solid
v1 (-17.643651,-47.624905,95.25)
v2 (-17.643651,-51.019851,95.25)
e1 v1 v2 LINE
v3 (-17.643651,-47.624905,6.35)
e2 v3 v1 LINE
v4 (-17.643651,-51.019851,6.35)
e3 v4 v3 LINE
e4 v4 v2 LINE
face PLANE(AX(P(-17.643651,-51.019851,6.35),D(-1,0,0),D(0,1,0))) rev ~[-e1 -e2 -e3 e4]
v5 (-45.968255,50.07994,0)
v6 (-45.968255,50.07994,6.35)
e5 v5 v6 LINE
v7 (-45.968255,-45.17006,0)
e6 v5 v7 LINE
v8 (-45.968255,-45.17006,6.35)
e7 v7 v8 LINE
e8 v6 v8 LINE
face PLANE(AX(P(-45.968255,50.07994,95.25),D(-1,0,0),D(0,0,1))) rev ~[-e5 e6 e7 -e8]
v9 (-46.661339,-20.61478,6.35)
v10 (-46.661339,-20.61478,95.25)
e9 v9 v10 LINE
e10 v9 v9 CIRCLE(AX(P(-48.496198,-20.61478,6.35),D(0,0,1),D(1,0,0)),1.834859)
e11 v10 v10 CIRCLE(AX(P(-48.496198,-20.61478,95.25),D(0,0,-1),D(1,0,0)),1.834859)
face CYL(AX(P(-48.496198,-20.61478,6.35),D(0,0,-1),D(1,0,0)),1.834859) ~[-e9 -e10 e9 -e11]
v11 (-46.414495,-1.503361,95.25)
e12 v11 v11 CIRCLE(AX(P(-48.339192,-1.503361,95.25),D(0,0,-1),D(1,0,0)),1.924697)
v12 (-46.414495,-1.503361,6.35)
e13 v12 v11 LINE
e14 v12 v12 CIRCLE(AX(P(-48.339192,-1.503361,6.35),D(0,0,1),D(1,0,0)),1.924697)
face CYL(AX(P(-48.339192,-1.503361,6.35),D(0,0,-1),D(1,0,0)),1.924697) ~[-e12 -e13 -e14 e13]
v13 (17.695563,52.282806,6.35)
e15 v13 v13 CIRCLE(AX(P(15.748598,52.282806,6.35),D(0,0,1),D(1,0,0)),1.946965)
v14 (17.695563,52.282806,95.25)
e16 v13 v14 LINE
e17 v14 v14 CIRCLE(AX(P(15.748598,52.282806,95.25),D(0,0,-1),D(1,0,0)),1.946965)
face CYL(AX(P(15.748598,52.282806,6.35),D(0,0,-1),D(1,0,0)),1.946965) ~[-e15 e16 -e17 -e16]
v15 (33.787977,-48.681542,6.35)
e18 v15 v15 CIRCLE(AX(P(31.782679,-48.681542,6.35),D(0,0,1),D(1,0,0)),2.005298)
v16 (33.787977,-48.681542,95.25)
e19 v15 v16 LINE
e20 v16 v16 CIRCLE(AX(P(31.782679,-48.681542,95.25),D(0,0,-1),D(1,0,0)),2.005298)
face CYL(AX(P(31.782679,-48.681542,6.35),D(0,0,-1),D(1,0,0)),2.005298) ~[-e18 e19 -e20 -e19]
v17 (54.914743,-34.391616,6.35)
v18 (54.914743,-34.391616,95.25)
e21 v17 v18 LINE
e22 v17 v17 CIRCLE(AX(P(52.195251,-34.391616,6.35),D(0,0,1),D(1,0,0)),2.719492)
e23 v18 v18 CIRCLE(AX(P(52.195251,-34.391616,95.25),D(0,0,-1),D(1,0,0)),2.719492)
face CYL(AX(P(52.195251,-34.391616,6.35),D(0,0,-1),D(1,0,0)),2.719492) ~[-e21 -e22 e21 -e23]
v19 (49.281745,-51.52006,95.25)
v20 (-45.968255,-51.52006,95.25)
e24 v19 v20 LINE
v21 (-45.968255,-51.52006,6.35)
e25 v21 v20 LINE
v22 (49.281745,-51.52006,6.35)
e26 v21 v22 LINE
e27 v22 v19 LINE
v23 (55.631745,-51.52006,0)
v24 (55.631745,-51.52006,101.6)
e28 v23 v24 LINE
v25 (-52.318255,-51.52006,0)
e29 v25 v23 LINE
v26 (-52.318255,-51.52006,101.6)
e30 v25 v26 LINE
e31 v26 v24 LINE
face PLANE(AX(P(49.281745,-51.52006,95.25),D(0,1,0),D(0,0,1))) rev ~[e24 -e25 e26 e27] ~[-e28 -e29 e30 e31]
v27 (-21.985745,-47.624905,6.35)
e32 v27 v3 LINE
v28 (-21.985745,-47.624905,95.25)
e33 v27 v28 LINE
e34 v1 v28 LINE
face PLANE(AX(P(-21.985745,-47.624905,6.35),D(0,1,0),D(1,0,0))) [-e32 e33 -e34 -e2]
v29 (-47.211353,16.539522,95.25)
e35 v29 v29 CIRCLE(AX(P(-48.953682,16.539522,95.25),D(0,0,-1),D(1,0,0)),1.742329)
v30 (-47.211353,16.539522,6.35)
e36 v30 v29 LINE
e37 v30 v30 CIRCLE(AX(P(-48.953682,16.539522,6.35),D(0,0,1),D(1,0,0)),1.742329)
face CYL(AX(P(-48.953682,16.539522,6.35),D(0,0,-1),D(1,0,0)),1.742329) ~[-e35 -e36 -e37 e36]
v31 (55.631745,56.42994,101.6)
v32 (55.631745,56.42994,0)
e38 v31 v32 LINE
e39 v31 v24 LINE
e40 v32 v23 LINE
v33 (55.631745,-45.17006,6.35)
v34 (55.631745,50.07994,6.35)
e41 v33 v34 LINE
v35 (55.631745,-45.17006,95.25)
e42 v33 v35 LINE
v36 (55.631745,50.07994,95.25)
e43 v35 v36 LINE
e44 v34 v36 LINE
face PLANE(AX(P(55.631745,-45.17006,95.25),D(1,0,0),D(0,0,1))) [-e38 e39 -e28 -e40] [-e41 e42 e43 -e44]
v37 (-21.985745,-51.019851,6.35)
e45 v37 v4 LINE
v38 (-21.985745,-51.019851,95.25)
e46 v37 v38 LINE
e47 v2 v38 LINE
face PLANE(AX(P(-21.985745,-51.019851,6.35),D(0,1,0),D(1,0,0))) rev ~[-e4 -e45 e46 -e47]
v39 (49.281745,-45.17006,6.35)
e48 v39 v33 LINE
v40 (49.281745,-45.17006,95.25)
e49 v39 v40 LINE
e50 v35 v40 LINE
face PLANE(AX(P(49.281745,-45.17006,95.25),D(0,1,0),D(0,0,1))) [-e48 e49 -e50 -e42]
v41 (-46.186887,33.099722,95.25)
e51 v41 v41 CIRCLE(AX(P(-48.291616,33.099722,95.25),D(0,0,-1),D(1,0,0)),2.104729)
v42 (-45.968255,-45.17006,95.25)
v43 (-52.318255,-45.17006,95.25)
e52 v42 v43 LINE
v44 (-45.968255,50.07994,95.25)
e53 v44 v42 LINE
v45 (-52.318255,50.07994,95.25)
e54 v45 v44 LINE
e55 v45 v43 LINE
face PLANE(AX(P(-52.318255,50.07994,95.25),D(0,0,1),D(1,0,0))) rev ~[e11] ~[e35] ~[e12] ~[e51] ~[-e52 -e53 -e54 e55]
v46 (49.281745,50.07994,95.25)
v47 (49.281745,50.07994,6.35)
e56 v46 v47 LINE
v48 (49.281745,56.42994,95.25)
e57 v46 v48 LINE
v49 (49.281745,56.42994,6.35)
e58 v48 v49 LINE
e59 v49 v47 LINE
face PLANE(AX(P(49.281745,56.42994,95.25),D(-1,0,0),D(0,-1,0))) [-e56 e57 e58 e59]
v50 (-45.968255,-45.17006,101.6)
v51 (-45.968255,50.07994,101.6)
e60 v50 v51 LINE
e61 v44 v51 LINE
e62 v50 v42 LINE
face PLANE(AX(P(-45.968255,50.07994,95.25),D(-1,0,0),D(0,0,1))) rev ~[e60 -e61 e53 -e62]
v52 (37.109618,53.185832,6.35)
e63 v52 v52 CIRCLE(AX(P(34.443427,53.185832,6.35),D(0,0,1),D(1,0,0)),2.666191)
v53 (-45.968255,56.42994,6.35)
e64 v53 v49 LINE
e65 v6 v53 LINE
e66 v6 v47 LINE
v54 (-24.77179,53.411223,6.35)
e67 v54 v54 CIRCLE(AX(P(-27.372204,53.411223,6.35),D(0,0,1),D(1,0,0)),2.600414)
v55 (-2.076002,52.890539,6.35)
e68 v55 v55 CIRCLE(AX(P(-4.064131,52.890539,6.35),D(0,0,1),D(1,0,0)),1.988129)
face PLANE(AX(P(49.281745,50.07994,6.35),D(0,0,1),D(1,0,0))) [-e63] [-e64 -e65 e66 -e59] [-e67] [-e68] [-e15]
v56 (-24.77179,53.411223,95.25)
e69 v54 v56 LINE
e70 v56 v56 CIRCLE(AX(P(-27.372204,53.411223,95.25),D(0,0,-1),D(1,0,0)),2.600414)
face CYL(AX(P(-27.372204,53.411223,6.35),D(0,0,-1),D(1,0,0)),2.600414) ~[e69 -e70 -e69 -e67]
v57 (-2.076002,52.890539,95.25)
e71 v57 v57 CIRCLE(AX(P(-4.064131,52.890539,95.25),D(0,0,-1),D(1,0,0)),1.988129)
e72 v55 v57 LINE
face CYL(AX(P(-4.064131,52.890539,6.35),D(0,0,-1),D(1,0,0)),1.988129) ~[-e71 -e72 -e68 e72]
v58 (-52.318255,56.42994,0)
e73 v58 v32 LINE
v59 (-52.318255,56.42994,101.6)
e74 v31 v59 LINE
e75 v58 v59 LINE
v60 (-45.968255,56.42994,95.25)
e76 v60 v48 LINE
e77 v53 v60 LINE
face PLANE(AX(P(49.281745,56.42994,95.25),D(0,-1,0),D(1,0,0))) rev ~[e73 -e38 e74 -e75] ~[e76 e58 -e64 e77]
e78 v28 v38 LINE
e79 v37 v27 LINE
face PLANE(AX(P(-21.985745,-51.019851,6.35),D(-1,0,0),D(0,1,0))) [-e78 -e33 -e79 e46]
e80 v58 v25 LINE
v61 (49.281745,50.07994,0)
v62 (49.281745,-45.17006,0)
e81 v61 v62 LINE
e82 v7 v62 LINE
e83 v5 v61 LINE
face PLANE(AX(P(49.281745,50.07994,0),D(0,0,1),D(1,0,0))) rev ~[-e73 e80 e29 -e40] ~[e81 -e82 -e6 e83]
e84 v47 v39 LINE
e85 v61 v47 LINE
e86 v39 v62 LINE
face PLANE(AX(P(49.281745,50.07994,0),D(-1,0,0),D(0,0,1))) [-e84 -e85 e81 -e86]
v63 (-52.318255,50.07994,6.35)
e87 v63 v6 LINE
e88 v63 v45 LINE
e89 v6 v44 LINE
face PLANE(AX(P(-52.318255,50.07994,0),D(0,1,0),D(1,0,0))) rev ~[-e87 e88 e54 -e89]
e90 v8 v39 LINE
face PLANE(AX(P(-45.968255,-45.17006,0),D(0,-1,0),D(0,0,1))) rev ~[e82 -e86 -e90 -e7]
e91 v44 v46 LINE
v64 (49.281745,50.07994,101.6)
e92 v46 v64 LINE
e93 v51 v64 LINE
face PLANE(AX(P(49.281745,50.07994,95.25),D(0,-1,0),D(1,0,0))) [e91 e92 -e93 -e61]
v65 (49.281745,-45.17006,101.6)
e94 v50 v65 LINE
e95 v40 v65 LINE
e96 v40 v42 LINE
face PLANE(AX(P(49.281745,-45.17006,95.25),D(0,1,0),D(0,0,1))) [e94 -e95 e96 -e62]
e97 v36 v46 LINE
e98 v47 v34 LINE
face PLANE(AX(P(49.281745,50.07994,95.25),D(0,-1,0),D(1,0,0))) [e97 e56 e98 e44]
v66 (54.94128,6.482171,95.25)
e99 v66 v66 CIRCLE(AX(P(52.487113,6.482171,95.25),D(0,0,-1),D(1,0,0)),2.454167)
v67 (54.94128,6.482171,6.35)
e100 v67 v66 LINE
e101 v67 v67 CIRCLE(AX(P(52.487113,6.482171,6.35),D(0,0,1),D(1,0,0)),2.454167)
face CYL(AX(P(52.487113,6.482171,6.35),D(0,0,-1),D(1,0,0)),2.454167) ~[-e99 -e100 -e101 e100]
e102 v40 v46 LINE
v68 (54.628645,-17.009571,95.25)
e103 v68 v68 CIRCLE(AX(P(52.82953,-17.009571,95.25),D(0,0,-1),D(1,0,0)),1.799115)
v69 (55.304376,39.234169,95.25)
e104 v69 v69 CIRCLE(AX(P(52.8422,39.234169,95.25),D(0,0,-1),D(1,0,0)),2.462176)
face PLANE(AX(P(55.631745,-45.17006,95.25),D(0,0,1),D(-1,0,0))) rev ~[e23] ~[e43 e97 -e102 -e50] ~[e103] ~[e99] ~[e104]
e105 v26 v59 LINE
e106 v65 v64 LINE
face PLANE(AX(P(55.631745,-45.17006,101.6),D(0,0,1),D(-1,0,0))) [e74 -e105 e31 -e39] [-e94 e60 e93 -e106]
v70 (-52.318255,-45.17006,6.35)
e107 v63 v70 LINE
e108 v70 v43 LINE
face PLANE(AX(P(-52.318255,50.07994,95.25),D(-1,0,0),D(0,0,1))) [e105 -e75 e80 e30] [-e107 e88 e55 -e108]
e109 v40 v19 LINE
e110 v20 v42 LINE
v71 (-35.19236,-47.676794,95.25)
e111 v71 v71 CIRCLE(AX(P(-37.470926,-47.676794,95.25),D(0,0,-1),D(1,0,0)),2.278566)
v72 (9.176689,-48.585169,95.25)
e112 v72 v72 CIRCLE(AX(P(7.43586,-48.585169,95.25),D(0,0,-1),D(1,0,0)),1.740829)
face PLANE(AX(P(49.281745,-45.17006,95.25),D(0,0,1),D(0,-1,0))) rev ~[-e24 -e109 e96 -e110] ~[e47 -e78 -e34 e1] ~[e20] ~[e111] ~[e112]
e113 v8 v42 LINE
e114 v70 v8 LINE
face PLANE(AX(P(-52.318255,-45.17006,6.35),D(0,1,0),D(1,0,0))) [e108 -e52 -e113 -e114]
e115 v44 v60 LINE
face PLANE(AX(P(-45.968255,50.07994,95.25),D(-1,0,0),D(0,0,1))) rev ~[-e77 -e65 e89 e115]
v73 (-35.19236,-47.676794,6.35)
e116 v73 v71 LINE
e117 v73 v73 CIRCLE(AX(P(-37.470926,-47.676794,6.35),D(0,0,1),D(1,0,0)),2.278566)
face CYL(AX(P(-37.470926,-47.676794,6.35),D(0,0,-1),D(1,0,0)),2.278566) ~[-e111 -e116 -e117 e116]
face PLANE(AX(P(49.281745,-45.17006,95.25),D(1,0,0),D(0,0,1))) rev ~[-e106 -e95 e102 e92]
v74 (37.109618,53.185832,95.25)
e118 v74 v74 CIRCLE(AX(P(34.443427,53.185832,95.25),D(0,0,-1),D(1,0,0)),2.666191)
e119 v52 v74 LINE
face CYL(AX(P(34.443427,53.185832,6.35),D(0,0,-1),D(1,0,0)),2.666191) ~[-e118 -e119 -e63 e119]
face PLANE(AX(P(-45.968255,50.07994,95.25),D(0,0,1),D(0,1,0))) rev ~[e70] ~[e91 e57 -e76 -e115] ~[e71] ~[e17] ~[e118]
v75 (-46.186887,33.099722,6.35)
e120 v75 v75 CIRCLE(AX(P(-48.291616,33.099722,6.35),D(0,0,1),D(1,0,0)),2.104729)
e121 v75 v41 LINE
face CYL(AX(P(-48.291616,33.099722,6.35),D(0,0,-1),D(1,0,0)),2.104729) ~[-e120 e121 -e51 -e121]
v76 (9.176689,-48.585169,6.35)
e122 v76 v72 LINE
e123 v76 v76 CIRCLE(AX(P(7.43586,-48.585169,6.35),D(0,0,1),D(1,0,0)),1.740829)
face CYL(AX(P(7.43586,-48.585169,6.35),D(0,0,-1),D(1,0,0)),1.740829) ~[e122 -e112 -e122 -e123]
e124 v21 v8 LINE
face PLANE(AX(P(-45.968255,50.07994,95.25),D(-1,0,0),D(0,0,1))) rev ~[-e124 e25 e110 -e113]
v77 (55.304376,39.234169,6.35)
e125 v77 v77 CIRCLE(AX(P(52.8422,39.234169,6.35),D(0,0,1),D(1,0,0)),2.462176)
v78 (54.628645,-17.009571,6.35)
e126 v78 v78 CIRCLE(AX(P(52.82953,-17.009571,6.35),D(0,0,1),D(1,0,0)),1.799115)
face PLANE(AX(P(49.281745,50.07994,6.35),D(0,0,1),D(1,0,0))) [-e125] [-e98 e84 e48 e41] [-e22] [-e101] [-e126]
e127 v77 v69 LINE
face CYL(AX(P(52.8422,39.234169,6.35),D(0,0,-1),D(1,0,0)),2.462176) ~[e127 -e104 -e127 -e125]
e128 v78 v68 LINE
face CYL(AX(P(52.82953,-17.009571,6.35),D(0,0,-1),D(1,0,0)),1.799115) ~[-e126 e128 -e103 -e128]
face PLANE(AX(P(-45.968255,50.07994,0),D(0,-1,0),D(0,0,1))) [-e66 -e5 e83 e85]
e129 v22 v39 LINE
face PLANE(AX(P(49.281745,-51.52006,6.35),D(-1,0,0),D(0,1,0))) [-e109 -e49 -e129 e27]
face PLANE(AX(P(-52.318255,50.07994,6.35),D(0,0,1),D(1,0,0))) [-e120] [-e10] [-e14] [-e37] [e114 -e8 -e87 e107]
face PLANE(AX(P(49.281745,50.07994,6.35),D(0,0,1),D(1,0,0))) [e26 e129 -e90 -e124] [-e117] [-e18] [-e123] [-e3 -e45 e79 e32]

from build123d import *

# Parameters (mm, degrees)
F0_W      = 6.35
F0_H      = 6.35
F1_DEPTH  = 101.6
F2_W      = 6.35
F2_H      = 6.35
F3_DEPTH  = 101.6
F4_W      = 6.35
F4_H      = 6.35
F5_DEPTH  = 95.25
F6_W      = 6.35
F6_H      = 6.35
F7_DEPTH  = 99.822
F8_W      = 6.35
F8_H      = 6.35
F9_DEPTH  = 101.6
F10_W     = 6.35
F10_H     = 6.35
F11_DEPTH = 101.6
F12_W     = 6.35
F12_H     = 6.35
F13_DEPTH = 97.536
F14_W     = 6.35
F14_H     = 6.35
F15_DEPTH = 95.25
F16_W     = 6.35
F16_H     = 6.35
F17_DEPTH = 96.52
F18_W     = 6.35
F18_H     = 6.35
F19_DEPTH = 101.6
F20_W     = 6.35
F20_H     = 6.35
F21_DEPTH = 92.202
F22_W     = 6.35
F22_H     = 6.35
F23_DEPTH = 97.282
F25_R     = 2.462176
F28_DEPTH = 89.916
F26_R     = 2.454167
F29_DEPTH = 91.186
F30_R     = 2.719492
F31_DEPTH = 91.186
F27_R     = 1.799115
F32_DEPTH = 92.456
F36_R     = 2.278566
F35_W     = 4.342094
F35_H     = 3.394946
F33_R     = 2.005298
F34_R     = 1.740829
F37_DEPTH = 95.25
F24_R     = 2.104729
F38_R     = 1.742329
F39_R     = 1.924697
F39_R_2   = 1.834859
F40_DEPTH = 95.25
F41_R     = 2.666191
F42_R     = 1.946965
F43_R     = 2.600414
F43_R_2   = 1.988129
F44_DEPTH = 95.25


with BuildPart() as f1:
    # F0 (on Top) → F1 (new body)
    with BuildSketch(Plane.XY):
        with Locations((-49.143255, 53.25494)):
            Rectangle(F0_W, F0_H)
    extrude(amount=F1_DEPTH)

    # F2 (on face) → F3 (join)
    with BuildSketch(Plane.XZ.offset(-50.07994)):
        with Locations((-49.143255, 3.175)):
            Rectangle(F2_W, F2_H)
    extrude(amount=F3_DEPTH)

    # F4 (on face) → F5 (join)
    with BuildSketch(Plane.XY.offset(6.35)):
        with Locations((-49.143255, -48.34506)):
            Rectangle(F4_W, F4_H)
    extrude(amount=F5_DEPTH)

    # F6 (on face) → F7 (join)
    with BuildSketch(Plane.XZ.offset(-50.07994)):
        with Locations((-49.143255, 98.425)):
            Rectangle(F6_W, F6_H)
    extrude(amount=F7_DEPTH)

    # F8 (on face) → F9 (join)
    with BuildSketch(Plane.YZ.offset(-45.968255)):
        with Locations((53.25494, 3.175)):
            Rectangle(F8_W, F8_H)
    extrude(amount=F9_DEPTH)

    # F10 (on face) → F11 (join)
    with BuildSketch(Plane.YZ.offset(-45.968255)):
        with Locations((-48.34506, 3.175)):
            Rectangle(F10_W, F10_H)
    extrude(amount=F11_DEPTH)

    # F12 (on face) → F13 (join)
    with BuildSketch(Plane.XZ.offset(-50.07994)):
        with Locations((52.456745, 3.175)):
            Rectangle(F12_W, F12_H)
    extrude(amount=F13_DEPTH)

    # F14 (on face) → F15 (join)
    with BuildSketch(Plane.XY.offset(6.35)):
        with Locations((52.456745, -48.34506)):
            Rectangle(F14_W, F14_H)
    extrude(amount=F15_DEPTH)

    # F16 (on face) → F17 (join)
    with BuildSketch(Plane(origin=(49.281745, 0, 0), x_dir=(0, -1, 0), z_dir=(-1, 0, 0))):
        with Locations((48.34506, 98.425)):
            Rectangle(F16_W, F16_H)
    extrude(amount=F17_DEPTH)

    # F18 (on face) → F19 (join)
    with BuildSketch(Plane.YZ.offset(-45.968255)):
        with Locations((53.25494, 98.425)):
            Rectangle(F18_W, F18_H)
    extrude(amount=F19_DEPTH)

    # F20 (on face) → F21 (join)
    with BuildSketch(Plane(origin=(0, 0, 95.25), x_dir=(1, 0, 0), z_dir=(0, 0, -1))):
        with Locations((52.456745, -53.25494)):
            Rectangle(F20_W, F20_H)
    extrude(amount=F21_DEPTH)

    # F22 (on face) → F23 (join)
    with BuildSketch(Plane(origin=(0, -45.17006, 0), x_dir=(-1, 0, 0), z_dir=(0, 1, 0))):
        with Locations((-52.456745, 98.425)):
            Rectangle(F22_W, F22_H)
    extrude(amount=F23_DEPTH)

    # F25 (on face) → F28 (join)
    with BuildSketch(Plane.XY.offset(6.35)):
        with Locations((52.8422, 39.234169)):
            Circle(F25_R)
    extrude(amount=F28_DEPTH)

    # F26 (on face) → F29 (join)
    with BuildSketch(Plane.XY.offset(6.35)):
        with Locations((52.487113, 6.482171)):
            Circle(F26_R)
    extrude(amount=F29_DEPTH)

    # F30 (on face) → F31 (join)
    with BuildSketch(Plane.XY.offset(6.35)):
        with Locations((52.195251, -34.391616)):
            Circle(F30_R)
    extrude(amount=F31_DEPTH)

    # F27 (on face) → F32 (join)
    with BuildSketch(Plane.XY.offset(6.35)):
        with Locations((52.82953, -17.009571)):
            Circle(F27_R)
    extrude(amount=F32_DEPTH)

    # F36 (on face) + F35 (on face) + F33 (on face) + F34 (on face) → F37 (join)
    with BuildSketch(Plane.XY.offset(6.35)):
        with Locations((-37.470926, -47.676794)):
            Circle(F36_R)
    with BuildSketch(Plane.XY.offset(6.35)):
        with Locations((-19.814698, -49.322378)):
            Rectangle(F35_W, F35_H)
    with BuildSketch(Plane.XY.offset(6.35)):
        with Locations((31.782679, -48.681542)):
            Circle(F33_R)
    with BuildSketch(Plane.XY.offset(6.35)):
        with Locations((7.43586, -48.585169)):
            Circle(F34_R)
    extrude(amount=F37_DEPTH)

    # F24 (on face) + F38 (on face) + F39 (on face) → F40 (join)
    with BuildSketch(Plane.XY.offset(6.35)):
        with Locations((-48.291616, 33.099722)):
            Circle(F24_R)
    with BuildSketch(Plane.XY.offset(6.35)):
        with Locations((-48.953682, 16.539522)):
            Circle(F38_R)
    with BuildSketch(Plane.XY.offset(6.35)):
        with Locations((-48.339192, -1.503361)):
            Circle(F39_R)
        with Locations((-48.496198, -20.61478)):
            Circle(F39_R_2)
    extrude(amount=F40_DEPTH)

    # F41 (on face) + F42 (on face) + F43 (on face) → F44 (join)
    with BuildSketch(Plane.XY.offset(6.35)):
        with Locations((34.443427, 53.185832)):
            Circle(F41_R)
    with BuildSketch(Plane.XY.offset(6.35)):
        with Locations((15.748598, 52.282806)):
            Circle(F42_R)
    with BuildSketch(Plane.XY.offset(6.35)):
        with Locations((-27.372204, 53.411223)):
            Circle(F43_R)
        with Locations((-4.064131, 52.890539)):
            Circle(F43_R_2)
    extrude(amount=F44_DEPTH)


solid = f1.part
